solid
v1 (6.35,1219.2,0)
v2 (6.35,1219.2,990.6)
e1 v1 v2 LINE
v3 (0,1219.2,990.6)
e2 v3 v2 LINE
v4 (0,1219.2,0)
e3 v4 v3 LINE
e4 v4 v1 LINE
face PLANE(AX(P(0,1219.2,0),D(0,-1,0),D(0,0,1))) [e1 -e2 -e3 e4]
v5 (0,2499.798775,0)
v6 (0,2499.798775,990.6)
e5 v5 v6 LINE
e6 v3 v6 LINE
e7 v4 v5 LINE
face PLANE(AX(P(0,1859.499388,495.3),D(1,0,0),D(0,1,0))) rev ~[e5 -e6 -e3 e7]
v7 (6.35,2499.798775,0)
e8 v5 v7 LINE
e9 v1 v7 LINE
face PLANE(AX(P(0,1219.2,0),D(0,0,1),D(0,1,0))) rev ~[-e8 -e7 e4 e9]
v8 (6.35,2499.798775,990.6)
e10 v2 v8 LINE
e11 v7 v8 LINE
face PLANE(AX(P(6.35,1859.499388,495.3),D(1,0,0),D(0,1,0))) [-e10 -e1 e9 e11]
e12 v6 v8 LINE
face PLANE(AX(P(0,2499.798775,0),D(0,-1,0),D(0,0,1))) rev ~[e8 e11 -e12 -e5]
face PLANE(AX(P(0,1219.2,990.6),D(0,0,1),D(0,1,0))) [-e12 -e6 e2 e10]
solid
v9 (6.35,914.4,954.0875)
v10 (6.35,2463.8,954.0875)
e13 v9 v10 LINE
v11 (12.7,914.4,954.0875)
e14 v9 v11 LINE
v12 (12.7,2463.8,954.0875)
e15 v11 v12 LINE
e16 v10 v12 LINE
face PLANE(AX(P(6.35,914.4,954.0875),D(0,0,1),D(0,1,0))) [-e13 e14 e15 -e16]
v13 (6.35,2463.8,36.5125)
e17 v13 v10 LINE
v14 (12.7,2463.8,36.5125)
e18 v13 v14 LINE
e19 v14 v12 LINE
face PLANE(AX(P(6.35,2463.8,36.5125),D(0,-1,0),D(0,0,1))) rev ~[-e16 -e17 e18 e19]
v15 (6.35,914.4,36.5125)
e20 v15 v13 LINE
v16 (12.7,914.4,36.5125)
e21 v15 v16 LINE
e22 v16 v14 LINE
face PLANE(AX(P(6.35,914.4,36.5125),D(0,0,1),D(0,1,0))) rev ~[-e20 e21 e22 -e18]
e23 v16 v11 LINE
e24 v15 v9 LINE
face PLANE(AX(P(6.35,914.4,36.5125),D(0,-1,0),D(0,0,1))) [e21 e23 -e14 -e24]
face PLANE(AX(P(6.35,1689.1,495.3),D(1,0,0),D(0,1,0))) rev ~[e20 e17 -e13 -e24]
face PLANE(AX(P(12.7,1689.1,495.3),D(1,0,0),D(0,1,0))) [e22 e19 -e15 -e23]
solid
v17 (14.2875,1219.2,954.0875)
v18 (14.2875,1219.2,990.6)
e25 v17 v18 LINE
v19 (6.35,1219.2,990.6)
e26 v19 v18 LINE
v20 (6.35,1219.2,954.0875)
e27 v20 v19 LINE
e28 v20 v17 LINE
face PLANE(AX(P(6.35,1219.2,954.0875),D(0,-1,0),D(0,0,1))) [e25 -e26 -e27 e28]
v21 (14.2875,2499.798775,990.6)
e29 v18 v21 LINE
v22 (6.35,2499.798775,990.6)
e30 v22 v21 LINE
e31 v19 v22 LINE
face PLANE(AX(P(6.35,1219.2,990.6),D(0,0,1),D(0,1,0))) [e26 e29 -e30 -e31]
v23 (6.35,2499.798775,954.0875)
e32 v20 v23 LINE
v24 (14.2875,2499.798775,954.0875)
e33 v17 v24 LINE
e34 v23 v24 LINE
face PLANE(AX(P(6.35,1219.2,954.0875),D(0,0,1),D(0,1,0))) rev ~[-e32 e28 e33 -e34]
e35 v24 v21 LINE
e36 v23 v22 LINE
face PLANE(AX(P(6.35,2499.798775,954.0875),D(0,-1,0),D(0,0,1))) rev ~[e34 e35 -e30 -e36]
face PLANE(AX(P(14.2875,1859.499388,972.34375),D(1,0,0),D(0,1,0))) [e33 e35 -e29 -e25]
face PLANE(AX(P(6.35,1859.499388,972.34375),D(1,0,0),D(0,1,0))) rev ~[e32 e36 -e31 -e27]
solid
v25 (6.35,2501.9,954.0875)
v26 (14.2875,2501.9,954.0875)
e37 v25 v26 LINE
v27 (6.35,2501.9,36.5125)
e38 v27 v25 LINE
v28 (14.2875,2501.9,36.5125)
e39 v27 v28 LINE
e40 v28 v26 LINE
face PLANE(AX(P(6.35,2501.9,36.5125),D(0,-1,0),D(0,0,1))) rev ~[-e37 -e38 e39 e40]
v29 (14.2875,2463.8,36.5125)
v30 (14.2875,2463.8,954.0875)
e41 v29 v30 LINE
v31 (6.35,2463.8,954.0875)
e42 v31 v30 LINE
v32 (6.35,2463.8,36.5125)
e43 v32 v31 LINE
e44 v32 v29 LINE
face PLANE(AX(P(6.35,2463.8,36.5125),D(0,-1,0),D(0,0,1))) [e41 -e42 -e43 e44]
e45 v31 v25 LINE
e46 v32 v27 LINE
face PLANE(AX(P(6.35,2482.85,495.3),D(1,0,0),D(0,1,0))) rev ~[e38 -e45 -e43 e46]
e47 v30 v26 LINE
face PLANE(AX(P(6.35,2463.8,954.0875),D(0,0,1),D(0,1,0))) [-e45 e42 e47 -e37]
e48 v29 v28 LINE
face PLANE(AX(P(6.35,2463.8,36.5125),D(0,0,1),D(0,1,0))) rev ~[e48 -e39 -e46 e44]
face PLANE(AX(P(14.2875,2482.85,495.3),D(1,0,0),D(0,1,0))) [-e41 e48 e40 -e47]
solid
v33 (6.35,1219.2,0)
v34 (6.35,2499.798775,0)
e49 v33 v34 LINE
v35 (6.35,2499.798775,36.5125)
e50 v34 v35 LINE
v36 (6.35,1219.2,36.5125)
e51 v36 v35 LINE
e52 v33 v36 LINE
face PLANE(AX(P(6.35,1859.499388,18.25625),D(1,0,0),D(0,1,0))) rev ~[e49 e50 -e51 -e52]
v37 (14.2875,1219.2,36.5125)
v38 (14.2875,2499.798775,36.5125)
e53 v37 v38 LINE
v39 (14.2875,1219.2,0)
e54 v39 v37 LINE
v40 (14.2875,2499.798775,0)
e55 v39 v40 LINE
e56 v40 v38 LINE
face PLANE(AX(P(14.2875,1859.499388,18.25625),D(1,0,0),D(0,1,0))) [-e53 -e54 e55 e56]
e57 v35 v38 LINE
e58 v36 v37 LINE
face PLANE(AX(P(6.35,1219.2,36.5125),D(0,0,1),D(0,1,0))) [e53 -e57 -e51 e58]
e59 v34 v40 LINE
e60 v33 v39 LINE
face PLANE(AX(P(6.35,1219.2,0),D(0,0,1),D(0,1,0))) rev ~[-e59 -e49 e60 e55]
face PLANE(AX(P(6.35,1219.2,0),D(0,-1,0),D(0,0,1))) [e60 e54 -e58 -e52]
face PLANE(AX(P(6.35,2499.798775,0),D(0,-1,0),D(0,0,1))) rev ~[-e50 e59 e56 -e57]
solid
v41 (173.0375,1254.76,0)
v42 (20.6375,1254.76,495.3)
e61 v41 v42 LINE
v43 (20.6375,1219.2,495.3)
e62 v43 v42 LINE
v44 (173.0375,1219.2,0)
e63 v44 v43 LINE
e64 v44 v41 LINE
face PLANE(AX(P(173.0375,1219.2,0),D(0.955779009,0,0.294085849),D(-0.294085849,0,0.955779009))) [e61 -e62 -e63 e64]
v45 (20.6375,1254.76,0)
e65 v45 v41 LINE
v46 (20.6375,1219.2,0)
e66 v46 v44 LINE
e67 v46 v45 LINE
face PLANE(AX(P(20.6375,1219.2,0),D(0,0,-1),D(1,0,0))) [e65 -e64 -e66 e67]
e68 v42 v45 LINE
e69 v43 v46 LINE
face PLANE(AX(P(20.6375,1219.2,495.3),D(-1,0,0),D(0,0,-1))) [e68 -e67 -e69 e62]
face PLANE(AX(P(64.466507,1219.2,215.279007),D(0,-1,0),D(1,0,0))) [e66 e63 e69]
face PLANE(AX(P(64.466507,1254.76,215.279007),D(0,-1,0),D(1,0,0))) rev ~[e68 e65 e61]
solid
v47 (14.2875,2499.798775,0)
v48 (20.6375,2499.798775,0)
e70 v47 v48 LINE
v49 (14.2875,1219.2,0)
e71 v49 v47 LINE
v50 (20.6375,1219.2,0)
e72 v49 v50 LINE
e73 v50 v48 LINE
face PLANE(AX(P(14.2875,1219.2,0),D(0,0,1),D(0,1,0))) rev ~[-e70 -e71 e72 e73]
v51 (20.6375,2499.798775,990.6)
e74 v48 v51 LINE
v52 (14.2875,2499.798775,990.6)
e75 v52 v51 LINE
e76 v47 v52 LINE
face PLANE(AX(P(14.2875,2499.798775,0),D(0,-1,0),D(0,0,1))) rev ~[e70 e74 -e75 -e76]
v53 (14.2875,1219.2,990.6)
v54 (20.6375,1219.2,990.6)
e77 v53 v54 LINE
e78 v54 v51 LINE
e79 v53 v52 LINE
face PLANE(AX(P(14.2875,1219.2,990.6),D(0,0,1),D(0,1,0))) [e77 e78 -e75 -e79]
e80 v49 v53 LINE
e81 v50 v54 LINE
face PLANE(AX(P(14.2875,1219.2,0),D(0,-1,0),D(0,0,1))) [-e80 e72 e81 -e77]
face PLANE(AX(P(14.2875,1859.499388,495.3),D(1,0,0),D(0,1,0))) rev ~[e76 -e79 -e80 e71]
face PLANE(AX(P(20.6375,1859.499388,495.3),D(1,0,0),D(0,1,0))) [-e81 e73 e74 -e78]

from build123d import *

# Parameters (mm, degrees)
F1_W      = 1280.598775
F1_H      = 990.6
F2_DEPTH  = 6.35
F3_W      = 1280.598775
F3_H      = 36.5125
F4_DEPTH  = 7.9375
F5_W      = 38.1
F5_H      = 917.575
F6_DEPTH  = 7.9375
F7_W      = 1549.4
F7_H      = 917.575
F8_DEPTH  = 6.35
F9_W      = 1280.598775
F9_H      = 990.6
F10_DEPTH = 6.35
F12_DEPTH = 35.56


with BuildPart() as f2:
    # F1 (on Right) → F2 (new body)
    with BuildSketch(Plane.YZ):
        with Locations((1859.499388, 495.3)):
            Rectangle(F1_W, F1_H)
    extrude(amount=F2_DEPTH)


with BuildPart() as f4:
    # F3 (on face) → F4 (new body)
    with BuildSketch(Plane.YZ.offset(6.35)):
        with Locations((1859.499388, 972.34375)):
            Rectangle(F3_W, F3_H)
        with Locations((1859.499388, 18.25625)):
            Rectangle(F3_W, F3_H)
    extrude(amount=F4_DEPTH)


with BuildPart() as f6:
    # F5 (on face) → F6 (new body, through all)
    with BuildSketch(Plane.YZ.offset(6.35)):
        with Locations((2482.85, 495.3)):
            Rectangle(F5_W, F5_H)
    extrude(amount=F6_DEPTH)


with BuildPart() as f8:
    # F7 (on face) → F8 (new body)
    with BuildSketch(Plane.YZ.offset(6.35)):
        with Locations((1689.1, 495.3)):
            Rectangle(F7_W, F7_H)
    extrude(amount=F8_DEPTH)


with BuildPart() as f10:
    # F9 (on face) → F10 (new body)
    with BuildSketch(Plane.YZ.offset(14.2875)):
        with Locations((1859.499388, 495.3)):
            Rectangle(F9_W, F9_H)
    extrude(amount=F10_DEPTH)


with BuildPart() as f12:
    # F11 (on face) → F12 (new body)
    with BuildSketch(Plane.XZ.offset(-1219.2)):
        Polygon((20.6375, 495.3), (20.6375, 0), (173.0375, 0), align=None)
    extrude(amount=-F12_DEPTH)


solid = Compound([f2.part, f4.part, f6.part, f8.part, f10.part, f12.part])
